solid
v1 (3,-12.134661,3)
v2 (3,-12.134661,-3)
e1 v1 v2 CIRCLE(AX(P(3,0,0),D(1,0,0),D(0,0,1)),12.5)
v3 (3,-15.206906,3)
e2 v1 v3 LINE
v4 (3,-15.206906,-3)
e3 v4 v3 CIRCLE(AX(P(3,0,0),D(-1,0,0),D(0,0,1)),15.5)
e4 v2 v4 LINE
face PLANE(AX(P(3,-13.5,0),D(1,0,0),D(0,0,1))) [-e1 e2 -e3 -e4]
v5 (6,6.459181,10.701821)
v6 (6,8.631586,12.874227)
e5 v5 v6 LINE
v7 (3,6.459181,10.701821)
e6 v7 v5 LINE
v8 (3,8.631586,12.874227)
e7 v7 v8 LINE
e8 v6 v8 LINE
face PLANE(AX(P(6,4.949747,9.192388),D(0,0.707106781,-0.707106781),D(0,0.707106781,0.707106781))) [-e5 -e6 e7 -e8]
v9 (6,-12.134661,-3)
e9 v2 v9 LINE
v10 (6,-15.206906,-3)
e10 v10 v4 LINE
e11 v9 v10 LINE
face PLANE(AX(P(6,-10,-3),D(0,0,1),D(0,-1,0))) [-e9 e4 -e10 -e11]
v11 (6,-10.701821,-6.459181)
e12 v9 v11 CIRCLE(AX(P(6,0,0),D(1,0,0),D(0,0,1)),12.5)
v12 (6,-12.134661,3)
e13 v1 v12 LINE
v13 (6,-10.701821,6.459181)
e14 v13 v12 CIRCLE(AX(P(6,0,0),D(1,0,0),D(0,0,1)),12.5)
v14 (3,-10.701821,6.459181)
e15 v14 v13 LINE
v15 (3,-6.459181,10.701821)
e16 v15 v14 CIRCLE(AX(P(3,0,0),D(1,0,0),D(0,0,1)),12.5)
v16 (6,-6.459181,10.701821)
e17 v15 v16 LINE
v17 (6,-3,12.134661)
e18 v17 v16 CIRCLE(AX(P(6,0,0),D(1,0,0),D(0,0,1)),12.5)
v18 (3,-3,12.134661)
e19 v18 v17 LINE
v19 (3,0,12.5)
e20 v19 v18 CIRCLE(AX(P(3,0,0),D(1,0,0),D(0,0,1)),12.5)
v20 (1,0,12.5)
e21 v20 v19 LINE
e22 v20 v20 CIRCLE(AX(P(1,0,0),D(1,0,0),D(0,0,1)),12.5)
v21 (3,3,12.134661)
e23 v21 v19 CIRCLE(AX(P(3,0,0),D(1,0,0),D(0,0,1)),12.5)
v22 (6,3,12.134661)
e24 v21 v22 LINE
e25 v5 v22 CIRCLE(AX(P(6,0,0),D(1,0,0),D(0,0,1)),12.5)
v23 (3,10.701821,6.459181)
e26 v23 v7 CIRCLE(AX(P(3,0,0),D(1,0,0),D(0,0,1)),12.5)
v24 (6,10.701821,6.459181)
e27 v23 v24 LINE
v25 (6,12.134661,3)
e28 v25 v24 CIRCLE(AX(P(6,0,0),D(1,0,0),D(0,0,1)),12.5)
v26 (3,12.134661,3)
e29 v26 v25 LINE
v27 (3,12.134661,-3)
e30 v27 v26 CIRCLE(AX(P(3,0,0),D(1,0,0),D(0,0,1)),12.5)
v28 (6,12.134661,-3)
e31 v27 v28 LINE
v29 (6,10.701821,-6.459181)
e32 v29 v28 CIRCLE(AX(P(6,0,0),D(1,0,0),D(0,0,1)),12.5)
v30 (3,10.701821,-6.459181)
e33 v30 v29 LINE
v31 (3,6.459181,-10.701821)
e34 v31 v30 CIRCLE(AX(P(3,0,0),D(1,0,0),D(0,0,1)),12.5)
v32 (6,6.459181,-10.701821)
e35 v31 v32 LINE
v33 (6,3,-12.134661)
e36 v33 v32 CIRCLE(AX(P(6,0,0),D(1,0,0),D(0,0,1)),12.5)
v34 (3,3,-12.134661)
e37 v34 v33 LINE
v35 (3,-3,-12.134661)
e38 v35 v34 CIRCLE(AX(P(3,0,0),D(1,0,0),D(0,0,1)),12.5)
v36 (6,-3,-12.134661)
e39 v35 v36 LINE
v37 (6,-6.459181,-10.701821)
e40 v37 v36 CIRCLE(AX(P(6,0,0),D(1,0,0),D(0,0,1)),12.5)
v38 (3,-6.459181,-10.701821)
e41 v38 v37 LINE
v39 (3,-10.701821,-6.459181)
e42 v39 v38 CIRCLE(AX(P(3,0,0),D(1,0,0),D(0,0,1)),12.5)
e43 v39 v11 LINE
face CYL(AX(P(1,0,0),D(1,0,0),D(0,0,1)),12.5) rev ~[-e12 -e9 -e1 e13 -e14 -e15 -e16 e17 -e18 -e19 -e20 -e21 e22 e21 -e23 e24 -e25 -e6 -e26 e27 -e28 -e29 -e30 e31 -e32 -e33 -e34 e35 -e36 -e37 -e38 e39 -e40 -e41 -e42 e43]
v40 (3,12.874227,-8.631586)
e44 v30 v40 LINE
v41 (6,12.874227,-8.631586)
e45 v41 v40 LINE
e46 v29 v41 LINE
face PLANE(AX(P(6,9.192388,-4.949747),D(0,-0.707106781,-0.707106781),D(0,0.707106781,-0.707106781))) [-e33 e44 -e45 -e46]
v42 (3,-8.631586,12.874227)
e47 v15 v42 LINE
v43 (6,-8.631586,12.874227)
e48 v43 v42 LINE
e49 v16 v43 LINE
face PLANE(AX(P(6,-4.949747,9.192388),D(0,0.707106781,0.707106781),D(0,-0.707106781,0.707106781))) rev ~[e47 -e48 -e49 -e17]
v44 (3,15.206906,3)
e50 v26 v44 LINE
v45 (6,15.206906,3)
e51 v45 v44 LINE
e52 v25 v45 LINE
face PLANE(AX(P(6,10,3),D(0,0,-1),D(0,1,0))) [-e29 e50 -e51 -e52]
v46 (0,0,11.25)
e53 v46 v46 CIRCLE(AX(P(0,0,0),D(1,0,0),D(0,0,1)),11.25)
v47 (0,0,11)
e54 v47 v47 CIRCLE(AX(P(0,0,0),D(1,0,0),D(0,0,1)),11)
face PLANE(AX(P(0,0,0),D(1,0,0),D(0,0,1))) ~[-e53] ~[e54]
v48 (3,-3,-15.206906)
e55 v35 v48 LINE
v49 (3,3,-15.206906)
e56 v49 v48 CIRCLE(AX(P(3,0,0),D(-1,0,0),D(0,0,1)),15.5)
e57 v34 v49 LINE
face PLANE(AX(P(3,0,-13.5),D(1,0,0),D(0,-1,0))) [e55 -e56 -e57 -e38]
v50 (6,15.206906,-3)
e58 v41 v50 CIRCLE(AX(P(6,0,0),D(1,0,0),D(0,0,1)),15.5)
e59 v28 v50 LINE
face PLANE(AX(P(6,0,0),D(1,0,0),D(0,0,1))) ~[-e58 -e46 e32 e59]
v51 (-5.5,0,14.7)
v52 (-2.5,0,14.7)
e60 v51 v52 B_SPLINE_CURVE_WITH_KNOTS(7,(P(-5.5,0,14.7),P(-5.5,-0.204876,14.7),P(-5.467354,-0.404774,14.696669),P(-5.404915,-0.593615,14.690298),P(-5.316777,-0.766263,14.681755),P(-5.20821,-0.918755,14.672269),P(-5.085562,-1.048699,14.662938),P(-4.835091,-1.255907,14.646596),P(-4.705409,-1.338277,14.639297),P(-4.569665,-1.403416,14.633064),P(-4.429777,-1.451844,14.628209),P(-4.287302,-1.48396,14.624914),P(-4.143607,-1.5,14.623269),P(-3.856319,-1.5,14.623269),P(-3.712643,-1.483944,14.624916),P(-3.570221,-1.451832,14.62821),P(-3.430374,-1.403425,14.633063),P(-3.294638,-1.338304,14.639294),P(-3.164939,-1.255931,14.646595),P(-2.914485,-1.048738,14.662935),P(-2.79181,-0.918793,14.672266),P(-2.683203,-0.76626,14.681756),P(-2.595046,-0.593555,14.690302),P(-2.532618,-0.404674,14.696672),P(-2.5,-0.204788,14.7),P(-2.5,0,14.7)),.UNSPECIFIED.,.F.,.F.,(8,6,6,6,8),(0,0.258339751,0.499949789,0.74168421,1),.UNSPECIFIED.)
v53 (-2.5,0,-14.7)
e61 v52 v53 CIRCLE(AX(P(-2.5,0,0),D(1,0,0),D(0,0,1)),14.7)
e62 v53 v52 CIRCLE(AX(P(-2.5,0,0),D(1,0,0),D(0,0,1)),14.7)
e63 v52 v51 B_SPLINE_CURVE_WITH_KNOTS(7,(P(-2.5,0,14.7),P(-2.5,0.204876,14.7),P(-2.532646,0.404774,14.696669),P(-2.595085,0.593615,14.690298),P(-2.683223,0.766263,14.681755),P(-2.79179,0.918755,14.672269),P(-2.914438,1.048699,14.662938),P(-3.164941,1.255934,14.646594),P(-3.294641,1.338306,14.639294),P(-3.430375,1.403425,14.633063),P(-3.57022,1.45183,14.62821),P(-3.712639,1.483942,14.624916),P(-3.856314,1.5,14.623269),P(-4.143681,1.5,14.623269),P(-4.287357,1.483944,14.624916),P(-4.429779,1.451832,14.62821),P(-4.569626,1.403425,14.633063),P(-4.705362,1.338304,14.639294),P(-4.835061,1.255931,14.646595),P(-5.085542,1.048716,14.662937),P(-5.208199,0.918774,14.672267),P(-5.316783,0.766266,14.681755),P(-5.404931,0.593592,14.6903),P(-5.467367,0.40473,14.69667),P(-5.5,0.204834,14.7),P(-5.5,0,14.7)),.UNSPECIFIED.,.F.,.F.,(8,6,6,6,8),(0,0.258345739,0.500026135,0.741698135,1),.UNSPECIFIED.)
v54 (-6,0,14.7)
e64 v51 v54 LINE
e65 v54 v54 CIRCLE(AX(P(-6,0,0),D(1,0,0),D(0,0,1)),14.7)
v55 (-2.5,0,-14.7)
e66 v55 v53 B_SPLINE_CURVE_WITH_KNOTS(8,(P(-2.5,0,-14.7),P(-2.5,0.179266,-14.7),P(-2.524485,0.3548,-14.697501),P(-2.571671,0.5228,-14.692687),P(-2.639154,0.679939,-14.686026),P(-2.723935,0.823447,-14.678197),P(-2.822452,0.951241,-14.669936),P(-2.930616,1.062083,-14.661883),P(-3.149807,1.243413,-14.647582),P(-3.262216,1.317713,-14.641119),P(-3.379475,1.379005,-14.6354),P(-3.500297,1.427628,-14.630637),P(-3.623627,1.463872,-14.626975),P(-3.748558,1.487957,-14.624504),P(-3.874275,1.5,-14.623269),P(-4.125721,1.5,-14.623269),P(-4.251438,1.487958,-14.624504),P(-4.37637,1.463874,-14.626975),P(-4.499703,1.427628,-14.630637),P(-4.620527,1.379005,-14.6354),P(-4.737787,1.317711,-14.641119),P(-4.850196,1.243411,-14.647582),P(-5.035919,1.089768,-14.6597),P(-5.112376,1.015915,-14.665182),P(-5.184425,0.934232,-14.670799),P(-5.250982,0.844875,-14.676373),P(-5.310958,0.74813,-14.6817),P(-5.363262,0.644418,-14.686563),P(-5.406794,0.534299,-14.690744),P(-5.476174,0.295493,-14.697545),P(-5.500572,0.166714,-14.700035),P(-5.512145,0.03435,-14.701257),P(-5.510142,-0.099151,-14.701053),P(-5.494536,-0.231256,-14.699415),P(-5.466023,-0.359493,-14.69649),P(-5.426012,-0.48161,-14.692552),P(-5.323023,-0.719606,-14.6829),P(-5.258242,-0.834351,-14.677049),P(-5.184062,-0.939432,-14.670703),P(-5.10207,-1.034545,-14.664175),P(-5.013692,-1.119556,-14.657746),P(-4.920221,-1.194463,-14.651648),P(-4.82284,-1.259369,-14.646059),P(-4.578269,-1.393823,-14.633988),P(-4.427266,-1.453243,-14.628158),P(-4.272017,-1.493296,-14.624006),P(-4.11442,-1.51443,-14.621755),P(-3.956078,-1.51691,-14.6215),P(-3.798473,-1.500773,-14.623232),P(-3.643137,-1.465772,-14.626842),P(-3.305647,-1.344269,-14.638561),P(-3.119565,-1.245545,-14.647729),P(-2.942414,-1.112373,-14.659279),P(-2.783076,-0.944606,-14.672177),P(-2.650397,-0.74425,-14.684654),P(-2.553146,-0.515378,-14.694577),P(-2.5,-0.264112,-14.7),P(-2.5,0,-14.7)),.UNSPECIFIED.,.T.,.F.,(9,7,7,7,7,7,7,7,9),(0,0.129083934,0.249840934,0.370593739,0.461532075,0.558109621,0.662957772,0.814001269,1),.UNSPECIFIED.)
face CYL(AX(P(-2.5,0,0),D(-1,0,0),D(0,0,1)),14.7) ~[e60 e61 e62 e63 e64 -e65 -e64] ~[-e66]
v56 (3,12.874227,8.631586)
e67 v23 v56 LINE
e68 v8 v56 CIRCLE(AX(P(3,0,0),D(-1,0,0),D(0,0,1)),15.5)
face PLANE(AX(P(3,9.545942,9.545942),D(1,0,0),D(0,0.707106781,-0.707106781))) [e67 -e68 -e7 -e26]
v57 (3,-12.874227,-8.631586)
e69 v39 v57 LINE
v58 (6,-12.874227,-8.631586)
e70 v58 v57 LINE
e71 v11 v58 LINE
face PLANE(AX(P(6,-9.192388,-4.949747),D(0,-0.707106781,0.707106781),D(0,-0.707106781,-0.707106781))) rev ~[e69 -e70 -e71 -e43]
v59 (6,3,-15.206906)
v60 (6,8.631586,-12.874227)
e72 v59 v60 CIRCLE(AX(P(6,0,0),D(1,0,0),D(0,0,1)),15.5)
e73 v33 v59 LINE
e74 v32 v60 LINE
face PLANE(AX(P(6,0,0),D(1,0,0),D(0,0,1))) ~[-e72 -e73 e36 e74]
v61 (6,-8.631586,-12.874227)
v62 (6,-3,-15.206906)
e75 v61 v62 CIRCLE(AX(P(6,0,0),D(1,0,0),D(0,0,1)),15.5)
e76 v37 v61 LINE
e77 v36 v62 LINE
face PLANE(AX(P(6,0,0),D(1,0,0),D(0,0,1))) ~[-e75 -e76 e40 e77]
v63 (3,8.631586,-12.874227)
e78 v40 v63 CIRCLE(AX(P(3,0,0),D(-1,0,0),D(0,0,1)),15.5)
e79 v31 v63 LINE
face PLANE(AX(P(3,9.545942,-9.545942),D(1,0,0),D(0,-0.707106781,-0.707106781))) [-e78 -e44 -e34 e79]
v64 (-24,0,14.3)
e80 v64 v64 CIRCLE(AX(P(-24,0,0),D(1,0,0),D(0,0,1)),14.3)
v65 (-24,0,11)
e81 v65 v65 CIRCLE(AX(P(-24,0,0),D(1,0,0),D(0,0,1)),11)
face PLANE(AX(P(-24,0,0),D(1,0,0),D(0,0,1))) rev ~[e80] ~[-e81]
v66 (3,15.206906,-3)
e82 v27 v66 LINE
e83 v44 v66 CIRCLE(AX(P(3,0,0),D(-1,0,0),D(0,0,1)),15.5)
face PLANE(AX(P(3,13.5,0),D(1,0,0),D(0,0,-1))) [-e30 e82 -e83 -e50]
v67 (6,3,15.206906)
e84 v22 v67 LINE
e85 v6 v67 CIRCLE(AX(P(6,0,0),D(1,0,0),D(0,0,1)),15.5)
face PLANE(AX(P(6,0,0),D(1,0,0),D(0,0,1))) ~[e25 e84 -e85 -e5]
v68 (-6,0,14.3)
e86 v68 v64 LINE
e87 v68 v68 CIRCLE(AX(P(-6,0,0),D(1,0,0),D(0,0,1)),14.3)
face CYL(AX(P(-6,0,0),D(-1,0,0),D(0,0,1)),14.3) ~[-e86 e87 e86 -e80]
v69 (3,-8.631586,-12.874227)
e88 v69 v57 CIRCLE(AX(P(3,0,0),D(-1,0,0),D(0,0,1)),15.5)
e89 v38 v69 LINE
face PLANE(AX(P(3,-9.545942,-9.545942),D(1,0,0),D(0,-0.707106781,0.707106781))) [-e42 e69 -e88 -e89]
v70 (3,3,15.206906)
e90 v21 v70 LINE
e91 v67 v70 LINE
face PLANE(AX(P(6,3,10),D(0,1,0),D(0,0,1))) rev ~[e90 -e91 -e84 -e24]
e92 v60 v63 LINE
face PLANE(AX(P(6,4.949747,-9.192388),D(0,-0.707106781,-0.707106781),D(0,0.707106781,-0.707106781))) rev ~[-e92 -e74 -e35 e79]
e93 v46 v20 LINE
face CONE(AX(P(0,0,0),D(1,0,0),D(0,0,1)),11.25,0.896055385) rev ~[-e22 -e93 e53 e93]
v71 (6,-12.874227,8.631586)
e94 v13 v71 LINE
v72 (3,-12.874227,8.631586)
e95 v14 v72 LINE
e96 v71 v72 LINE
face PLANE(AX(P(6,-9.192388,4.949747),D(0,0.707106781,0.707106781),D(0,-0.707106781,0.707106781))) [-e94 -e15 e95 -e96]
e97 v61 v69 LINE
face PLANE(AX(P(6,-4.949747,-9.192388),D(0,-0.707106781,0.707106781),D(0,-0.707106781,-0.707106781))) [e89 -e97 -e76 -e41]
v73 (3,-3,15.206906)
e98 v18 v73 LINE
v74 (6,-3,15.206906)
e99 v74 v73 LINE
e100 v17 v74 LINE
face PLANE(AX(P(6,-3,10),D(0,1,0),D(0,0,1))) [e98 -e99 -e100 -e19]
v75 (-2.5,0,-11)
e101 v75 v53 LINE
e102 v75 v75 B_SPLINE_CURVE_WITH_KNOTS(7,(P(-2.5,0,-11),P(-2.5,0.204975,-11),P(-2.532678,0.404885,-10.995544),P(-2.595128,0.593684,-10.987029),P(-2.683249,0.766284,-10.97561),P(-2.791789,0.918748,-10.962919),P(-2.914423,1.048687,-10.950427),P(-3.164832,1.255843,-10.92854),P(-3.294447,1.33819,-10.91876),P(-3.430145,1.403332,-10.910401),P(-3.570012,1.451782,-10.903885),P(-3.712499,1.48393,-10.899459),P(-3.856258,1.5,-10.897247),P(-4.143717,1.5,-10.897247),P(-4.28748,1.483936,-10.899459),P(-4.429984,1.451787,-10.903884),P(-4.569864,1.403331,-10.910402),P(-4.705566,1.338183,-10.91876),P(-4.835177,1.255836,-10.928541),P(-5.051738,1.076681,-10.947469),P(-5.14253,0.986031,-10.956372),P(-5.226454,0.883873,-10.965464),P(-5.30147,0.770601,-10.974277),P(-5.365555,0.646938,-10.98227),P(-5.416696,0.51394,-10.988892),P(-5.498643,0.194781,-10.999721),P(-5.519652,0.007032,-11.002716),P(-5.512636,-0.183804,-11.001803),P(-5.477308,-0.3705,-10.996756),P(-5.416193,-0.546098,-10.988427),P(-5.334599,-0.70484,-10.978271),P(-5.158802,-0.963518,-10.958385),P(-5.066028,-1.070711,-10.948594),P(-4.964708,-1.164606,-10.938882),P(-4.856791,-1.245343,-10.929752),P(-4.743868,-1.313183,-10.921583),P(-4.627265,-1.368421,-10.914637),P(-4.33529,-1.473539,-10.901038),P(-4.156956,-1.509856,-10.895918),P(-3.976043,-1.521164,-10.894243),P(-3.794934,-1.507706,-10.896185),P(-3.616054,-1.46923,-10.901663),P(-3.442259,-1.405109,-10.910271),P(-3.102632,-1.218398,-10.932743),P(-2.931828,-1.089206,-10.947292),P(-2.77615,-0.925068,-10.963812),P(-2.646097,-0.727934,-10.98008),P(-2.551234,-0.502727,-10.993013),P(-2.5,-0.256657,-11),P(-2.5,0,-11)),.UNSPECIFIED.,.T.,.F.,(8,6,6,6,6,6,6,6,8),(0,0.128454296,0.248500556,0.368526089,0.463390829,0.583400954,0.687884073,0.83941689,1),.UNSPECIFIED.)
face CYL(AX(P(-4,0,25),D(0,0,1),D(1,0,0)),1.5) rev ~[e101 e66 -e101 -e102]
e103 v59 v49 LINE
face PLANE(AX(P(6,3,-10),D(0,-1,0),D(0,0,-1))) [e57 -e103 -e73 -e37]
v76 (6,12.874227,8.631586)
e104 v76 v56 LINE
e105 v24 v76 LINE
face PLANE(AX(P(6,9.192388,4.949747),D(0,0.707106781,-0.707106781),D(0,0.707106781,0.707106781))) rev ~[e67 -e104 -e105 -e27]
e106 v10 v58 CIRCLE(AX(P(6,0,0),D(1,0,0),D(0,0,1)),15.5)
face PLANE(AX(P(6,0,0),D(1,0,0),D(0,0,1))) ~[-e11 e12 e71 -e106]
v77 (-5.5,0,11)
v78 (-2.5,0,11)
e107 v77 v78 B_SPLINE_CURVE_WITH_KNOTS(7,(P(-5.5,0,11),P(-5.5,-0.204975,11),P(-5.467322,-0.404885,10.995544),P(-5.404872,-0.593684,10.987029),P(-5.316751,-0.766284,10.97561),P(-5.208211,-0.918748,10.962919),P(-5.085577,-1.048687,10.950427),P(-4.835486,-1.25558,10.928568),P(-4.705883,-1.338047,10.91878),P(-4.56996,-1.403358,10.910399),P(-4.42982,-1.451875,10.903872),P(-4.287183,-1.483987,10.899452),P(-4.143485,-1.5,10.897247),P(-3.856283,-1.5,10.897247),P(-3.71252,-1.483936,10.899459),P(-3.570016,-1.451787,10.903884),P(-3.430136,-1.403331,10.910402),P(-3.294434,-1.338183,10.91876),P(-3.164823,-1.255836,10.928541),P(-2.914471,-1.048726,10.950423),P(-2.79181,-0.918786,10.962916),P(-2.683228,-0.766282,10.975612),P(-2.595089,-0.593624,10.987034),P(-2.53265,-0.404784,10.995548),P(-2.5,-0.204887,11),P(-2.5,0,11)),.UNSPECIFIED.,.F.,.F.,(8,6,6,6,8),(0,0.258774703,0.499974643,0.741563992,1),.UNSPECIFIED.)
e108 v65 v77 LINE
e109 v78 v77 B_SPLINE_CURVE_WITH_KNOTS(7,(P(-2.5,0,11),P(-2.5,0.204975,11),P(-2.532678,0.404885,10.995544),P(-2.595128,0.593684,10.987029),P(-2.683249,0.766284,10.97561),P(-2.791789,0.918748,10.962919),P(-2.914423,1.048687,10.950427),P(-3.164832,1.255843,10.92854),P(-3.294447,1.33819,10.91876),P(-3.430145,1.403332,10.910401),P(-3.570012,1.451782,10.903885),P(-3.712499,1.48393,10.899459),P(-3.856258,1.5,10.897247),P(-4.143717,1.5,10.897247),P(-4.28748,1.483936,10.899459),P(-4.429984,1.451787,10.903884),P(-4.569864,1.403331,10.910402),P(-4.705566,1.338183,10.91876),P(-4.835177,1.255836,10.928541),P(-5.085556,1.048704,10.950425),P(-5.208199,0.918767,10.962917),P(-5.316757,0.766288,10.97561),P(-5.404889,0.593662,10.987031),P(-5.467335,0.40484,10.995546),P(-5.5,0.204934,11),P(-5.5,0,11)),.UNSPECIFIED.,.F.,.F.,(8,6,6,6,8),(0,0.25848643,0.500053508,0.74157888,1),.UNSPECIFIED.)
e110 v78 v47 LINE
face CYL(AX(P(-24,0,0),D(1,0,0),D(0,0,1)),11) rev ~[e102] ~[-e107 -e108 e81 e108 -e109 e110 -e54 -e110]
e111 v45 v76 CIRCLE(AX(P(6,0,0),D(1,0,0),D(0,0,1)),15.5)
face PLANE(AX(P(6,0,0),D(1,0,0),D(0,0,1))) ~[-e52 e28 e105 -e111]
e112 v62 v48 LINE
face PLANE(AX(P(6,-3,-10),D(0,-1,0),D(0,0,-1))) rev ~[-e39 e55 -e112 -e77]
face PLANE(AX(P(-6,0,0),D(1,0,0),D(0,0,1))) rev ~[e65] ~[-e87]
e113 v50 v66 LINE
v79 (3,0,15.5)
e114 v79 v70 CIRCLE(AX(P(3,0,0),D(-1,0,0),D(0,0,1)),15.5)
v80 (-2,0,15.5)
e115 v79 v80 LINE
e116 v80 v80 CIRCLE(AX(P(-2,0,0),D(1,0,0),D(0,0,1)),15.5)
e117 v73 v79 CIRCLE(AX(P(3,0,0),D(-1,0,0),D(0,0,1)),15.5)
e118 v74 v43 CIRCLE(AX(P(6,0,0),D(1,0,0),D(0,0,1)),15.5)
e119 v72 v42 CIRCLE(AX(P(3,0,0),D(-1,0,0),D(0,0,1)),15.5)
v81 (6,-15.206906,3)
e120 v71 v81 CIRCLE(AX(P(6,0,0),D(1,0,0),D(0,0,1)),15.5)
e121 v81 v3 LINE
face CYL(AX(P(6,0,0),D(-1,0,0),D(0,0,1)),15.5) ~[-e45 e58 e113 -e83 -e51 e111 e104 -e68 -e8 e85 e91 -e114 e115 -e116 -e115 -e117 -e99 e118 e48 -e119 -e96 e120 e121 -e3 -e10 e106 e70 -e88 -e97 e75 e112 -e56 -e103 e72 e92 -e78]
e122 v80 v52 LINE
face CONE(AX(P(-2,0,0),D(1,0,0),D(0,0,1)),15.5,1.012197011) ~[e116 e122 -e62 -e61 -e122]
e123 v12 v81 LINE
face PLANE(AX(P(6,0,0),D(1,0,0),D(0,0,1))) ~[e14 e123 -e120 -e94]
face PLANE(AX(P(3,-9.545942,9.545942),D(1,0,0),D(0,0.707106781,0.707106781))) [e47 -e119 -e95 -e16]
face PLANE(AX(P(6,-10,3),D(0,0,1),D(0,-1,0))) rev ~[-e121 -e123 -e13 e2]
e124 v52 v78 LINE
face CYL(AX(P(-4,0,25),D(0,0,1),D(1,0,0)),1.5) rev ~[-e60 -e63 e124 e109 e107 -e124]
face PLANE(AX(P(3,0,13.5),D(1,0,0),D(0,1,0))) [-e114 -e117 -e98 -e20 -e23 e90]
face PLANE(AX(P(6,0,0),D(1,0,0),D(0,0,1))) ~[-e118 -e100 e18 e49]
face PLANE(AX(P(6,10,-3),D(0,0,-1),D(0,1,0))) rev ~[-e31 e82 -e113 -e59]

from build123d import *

# Parameters (mm, degrees)
ESQUISSE2_W                  = 6
ESQUISSE2_H                  = 7
ENL_V_MAT_EXTRU_1_DEPTH      = 3
R_P_TITION_CIRCULAIRE1_COUNT = 8
ESQUISSE3_R                  = 1.5
ENL_V_MAT_EXTRU_2_DEPTH      = 50.563091106


with BuildPart() as part:
    # Esquisse1 → Base-Révolution (revolve)
    with BuildSketch(Plane.XY, mode=Mode.PRIVATE) as base_r_volution_sk:
        Polygon((-24, 11), (0, 11), (0, 11.25), (1, 12.5), (6, 12.5), (6, 15.5), (-2, 15.5), (-2.5, 14.7), (-6, 14.7), (-6, 14.3), (-24, 14.3), align=None)
    revolve(base_r_volution_sk.sketch.rotate(Axis((0, 0, 0), (1, 0, 0)), 90), axis=Axis((0, 0, 0), (1, 0, 0)))

    # Esquisse2 → Enlèv. mat.-Extru.1 (cut)
    with BuildSketch(Plane(origin=(6, 0, 0), x_dir=(0, 0, -1), z_dir=(1, 0, 0))):
        with Locations((0, 13.5)):
            Rectangle(ESQUISSE2_W, ESQUISSE2_H)
    enl_v_mat_extru_1 = extrude(amount=-ENL_V_MAT_EXTRU_1_DEPTH, mode=Mode.SUBTRACT)

    # Répétition circulaire1: Enlèv. mat.-Extru.1 ×8 about axis
    r_p_tition_circulaire1_axis = Axis((0, 0, 0), (1, 0, 0))
    for i in range(1, R_P_TITION_CIRCULAIRE1_COUNT):
        add(enl_v_mat_extru_1.rotate(r_p_tition_circulaire1_axis, i * 360 / R_P_TITION_CIRCULAIRE1_COUNT), mode=Mode.SUBTRACT)

    # Esquisse3 → Enlèv. mat.-Extru.2 (cut, through all)
    with BuildSketch(Plane.XY.offset(25)):
        with Locations((-4, 0)):
            Circle(ESQUISSE3_R)
    extrude(amount=-ENL_V_MAT_EXTRU_2_DEPTH, mode=Mode.SUBTRACT)


solid = part.part
